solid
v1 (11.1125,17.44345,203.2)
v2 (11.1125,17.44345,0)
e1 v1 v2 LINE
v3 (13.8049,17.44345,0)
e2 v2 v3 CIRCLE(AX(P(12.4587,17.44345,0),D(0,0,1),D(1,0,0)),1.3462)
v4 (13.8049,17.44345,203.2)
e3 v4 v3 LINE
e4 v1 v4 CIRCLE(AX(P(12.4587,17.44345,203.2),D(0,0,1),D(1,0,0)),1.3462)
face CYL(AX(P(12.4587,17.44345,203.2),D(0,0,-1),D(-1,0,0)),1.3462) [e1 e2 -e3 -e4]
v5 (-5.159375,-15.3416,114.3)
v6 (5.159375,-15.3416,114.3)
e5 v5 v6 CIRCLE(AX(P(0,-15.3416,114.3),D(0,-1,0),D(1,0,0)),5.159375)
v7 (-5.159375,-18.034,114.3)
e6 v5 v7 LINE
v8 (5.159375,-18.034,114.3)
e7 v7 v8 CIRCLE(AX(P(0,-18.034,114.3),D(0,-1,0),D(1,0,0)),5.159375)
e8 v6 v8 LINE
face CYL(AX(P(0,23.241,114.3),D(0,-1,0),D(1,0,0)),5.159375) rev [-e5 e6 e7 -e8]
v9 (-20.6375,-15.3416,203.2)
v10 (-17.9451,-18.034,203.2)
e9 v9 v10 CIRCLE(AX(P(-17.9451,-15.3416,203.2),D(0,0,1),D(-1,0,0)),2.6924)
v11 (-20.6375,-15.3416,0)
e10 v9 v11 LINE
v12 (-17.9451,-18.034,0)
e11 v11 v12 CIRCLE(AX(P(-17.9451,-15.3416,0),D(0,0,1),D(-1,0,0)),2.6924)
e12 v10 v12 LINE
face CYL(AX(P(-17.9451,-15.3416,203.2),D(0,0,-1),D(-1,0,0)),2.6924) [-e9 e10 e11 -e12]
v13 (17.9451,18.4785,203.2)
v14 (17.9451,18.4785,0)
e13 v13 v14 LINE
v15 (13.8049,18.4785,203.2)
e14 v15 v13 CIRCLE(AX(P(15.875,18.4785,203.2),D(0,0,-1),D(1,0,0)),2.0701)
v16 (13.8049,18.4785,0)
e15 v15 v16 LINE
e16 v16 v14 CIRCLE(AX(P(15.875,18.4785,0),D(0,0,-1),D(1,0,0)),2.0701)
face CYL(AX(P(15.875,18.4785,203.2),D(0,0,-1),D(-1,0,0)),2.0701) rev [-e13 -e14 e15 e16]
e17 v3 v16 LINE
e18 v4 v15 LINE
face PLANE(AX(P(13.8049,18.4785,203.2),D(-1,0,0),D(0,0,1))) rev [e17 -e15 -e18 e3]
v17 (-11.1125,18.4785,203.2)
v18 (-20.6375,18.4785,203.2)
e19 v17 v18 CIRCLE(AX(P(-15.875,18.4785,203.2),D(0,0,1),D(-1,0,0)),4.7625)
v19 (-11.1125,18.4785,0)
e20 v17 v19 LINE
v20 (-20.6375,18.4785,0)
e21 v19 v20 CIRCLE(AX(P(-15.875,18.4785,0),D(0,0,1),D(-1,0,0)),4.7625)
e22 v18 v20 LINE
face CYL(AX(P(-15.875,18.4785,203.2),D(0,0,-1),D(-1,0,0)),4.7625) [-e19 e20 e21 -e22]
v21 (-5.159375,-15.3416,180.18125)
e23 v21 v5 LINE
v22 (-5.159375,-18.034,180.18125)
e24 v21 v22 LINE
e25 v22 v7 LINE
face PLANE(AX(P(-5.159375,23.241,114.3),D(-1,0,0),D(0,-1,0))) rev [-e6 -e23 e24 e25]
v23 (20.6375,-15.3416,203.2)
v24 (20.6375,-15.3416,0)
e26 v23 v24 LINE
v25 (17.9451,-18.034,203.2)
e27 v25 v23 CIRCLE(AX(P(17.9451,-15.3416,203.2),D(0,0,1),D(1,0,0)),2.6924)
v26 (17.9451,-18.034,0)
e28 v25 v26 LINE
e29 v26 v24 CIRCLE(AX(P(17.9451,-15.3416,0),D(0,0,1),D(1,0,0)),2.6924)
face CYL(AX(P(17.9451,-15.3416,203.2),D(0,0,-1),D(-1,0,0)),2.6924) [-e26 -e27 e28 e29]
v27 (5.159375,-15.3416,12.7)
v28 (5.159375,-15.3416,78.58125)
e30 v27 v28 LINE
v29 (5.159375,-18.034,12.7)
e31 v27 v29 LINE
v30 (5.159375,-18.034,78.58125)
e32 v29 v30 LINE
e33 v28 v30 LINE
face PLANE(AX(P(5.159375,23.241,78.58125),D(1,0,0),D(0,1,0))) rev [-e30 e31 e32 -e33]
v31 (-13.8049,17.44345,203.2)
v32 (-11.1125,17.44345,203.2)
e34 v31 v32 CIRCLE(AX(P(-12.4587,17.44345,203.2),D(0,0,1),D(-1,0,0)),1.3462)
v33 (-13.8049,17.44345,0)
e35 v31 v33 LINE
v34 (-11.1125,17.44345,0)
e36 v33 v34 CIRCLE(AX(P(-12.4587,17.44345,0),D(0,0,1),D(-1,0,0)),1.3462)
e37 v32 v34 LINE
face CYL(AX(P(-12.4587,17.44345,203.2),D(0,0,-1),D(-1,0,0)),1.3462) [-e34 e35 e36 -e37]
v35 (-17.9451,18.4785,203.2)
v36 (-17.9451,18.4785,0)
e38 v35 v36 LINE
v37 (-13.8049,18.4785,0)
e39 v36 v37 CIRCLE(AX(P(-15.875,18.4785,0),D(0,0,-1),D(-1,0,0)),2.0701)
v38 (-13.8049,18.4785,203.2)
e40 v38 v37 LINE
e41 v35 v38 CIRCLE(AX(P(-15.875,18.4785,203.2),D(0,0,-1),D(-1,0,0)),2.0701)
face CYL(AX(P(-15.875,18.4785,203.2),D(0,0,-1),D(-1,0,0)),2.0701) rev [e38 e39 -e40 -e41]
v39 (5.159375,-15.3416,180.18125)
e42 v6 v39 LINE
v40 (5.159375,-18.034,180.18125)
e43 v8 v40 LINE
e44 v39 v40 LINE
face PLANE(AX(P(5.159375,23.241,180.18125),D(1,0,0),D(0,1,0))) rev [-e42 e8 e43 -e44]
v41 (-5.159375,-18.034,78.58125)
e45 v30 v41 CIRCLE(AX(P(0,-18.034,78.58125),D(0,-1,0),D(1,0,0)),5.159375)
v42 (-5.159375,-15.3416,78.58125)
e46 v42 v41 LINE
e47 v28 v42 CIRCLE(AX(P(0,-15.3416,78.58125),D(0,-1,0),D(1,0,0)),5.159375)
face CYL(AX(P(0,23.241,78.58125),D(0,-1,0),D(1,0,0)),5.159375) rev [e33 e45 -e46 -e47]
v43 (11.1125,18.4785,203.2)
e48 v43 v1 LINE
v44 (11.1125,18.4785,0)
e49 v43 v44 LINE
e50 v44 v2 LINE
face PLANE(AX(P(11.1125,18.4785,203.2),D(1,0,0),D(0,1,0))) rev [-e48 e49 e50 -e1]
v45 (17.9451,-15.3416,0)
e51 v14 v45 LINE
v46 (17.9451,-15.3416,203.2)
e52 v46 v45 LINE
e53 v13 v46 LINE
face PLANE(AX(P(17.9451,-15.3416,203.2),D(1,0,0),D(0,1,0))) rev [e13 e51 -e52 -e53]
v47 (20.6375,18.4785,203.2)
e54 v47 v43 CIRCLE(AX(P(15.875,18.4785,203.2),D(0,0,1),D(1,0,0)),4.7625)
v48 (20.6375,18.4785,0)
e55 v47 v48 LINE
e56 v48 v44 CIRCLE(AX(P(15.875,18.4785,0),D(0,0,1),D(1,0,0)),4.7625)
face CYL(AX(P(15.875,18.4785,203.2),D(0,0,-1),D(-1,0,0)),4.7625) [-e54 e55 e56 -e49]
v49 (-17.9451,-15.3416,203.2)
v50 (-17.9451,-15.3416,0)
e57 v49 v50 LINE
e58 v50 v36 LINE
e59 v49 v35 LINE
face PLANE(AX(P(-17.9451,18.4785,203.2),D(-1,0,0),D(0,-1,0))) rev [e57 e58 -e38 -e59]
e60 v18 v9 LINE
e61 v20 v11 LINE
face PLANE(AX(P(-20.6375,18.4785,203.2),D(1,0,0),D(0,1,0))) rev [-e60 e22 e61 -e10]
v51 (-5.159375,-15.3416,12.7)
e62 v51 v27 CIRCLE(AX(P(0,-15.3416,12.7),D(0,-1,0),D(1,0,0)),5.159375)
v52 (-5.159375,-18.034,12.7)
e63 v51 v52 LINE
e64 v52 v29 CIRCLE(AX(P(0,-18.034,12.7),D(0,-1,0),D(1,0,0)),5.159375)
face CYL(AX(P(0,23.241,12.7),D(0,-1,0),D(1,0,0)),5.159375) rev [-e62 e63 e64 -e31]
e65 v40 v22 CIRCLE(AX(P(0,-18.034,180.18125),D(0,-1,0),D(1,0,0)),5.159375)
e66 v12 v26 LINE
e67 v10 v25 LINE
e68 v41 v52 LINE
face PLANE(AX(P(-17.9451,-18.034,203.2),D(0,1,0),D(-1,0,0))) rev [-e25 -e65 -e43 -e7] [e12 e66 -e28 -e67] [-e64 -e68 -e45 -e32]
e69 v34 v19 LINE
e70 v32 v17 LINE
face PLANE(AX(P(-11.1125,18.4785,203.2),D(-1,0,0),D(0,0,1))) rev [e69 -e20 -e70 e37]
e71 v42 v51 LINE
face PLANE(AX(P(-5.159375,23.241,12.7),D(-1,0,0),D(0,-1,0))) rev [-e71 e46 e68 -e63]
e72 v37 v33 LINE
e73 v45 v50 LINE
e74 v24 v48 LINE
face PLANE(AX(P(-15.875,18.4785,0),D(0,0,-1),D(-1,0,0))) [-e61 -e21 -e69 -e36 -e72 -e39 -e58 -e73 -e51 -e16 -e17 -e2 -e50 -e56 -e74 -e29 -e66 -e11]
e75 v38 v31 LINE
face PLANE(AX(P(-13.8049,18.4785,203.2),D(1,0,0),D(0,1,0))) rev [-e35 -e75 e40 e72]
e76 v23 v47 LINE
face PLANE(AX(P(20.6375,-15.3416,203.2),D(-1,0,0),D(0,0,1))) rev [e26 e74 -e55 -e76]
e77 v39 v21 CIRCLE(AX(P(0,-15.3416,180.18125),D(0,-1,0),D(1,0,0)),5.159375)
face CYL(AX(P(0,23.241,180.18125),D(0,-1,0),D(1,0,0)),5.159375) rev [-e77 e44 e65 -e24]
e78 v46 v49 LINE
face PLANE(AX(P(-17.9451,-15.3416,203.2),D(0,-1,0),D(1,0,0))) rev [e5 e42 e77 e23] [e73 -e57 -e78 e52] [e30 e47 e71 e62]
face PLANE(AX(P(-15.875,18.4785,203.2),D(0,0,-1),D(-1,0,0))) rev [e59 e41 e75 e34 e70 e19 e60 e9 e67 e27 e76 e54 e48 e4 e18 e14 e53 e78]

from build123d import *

# Parameters (mm, degrees)
BASE_EXTRUDE_DEPTH = 203.2
LSLOT_DEPTH        = 219.410047505
LPATTERN1_COUNT    = 2
LPATTERN1_PITCH    = 101.6


with BuildPart() as part:
    # Sketch1 → Base-Extrude (new body)
    with BuildSketch(Plane.XY):
        with BuildLine():
            Line((-20.6375, 18.4785), (-20.6375, -15.3416))
            ThreePointArc((-20.6375, -15.3416), (-19.848914298, -17.245414298), (-17.9451, -18.034))
            Line((-17.9451, -18.034), (17.9451, -18.034))
            ThreePointArc((17.9451, -18.034), (19.848914298, -17.245414298), (20.6375, -15.3416))
            Line((20.6375, -15.3416), (20.6375, 18.4785))
            ThreePointArc((20.6375, 18.4785), (15.875, 23.241), (11.1125, 18.4785))
            Line((11.1125, 18.4785), (11.1125, 17.44345))
            ThreePointArc((11.1125, 17.44345), (12.4587, 16.09725), (13.8049, 17.44345))
            Line((13.8049, 17.44345), (13.8049, 18.4785))
            ThreePointArc((13.8049, 18.4785), (15.875, 20.5486), (17.9451, 18.4785))
            Line((17.9451, 18.4785), (17.9451, -15.3416))
            Line((17.9451, -15.3416), (-17.9451, -15.3416))
            Line((-17.9451, -15.3416), (-17.9451, 18.4785))
            ThreePointArc((-17.9451, 18.4785), (-15.875, 20.5486), (-13.8049, 18.4785))
            Line((-13.8049, 18.4785), (-13.8049, 17.44345))
            ThreePointArc((-13.8049, 17.44345), (-12.4587, 16.09725), (-11.1125, 17.44345))
            Line((-11.1125, 17.44345), (-11.1125, 18.4785))
            ThreePointArc((-11.1125, 18.4785), (-15.875, 23.241), (-20.6375, 18.4785))
        make_face()
    extrude(amount=BASE_EXTRUDE_DEPTH)

    # Sketch2 → LSlot (cut, through all)
    with BuildSketch(Plane(origin=(1.308314937, -18.034, -10.148785872), x_dir=(1, 0, 0), z_dir=(0, -1, 0))):
        with BuildLine():
            Line((3.851060063, 88.730035872), (3.851060063, 22.848785872))
            ThreePointArc((3.851060063, 22.848785872), (-1.308314937, 17.689410872), (-6.467689937, 22.848785872))
            Line((-6.467689937, 22.848785872), (-6.467689937, 88.730035872))
            ThreePointArc((-6.467689937, 88.730035872), (-1.308314937, 93.889410872), (3.851060063, 88.730035872))
        make_face()
    lslot = extrude(amount=-LSLOT_DEPTH, mode=Mode.SUBTRACT)

    # LPattern1: LSlot ×2
    with Locations(*[(0, 0, i * LPATTERN1_PITCH) for i in range(1, LPATTERN1_COUNT)]):
        add(lslot, mode=Mode.SUBTRACT)


solid = part.part
